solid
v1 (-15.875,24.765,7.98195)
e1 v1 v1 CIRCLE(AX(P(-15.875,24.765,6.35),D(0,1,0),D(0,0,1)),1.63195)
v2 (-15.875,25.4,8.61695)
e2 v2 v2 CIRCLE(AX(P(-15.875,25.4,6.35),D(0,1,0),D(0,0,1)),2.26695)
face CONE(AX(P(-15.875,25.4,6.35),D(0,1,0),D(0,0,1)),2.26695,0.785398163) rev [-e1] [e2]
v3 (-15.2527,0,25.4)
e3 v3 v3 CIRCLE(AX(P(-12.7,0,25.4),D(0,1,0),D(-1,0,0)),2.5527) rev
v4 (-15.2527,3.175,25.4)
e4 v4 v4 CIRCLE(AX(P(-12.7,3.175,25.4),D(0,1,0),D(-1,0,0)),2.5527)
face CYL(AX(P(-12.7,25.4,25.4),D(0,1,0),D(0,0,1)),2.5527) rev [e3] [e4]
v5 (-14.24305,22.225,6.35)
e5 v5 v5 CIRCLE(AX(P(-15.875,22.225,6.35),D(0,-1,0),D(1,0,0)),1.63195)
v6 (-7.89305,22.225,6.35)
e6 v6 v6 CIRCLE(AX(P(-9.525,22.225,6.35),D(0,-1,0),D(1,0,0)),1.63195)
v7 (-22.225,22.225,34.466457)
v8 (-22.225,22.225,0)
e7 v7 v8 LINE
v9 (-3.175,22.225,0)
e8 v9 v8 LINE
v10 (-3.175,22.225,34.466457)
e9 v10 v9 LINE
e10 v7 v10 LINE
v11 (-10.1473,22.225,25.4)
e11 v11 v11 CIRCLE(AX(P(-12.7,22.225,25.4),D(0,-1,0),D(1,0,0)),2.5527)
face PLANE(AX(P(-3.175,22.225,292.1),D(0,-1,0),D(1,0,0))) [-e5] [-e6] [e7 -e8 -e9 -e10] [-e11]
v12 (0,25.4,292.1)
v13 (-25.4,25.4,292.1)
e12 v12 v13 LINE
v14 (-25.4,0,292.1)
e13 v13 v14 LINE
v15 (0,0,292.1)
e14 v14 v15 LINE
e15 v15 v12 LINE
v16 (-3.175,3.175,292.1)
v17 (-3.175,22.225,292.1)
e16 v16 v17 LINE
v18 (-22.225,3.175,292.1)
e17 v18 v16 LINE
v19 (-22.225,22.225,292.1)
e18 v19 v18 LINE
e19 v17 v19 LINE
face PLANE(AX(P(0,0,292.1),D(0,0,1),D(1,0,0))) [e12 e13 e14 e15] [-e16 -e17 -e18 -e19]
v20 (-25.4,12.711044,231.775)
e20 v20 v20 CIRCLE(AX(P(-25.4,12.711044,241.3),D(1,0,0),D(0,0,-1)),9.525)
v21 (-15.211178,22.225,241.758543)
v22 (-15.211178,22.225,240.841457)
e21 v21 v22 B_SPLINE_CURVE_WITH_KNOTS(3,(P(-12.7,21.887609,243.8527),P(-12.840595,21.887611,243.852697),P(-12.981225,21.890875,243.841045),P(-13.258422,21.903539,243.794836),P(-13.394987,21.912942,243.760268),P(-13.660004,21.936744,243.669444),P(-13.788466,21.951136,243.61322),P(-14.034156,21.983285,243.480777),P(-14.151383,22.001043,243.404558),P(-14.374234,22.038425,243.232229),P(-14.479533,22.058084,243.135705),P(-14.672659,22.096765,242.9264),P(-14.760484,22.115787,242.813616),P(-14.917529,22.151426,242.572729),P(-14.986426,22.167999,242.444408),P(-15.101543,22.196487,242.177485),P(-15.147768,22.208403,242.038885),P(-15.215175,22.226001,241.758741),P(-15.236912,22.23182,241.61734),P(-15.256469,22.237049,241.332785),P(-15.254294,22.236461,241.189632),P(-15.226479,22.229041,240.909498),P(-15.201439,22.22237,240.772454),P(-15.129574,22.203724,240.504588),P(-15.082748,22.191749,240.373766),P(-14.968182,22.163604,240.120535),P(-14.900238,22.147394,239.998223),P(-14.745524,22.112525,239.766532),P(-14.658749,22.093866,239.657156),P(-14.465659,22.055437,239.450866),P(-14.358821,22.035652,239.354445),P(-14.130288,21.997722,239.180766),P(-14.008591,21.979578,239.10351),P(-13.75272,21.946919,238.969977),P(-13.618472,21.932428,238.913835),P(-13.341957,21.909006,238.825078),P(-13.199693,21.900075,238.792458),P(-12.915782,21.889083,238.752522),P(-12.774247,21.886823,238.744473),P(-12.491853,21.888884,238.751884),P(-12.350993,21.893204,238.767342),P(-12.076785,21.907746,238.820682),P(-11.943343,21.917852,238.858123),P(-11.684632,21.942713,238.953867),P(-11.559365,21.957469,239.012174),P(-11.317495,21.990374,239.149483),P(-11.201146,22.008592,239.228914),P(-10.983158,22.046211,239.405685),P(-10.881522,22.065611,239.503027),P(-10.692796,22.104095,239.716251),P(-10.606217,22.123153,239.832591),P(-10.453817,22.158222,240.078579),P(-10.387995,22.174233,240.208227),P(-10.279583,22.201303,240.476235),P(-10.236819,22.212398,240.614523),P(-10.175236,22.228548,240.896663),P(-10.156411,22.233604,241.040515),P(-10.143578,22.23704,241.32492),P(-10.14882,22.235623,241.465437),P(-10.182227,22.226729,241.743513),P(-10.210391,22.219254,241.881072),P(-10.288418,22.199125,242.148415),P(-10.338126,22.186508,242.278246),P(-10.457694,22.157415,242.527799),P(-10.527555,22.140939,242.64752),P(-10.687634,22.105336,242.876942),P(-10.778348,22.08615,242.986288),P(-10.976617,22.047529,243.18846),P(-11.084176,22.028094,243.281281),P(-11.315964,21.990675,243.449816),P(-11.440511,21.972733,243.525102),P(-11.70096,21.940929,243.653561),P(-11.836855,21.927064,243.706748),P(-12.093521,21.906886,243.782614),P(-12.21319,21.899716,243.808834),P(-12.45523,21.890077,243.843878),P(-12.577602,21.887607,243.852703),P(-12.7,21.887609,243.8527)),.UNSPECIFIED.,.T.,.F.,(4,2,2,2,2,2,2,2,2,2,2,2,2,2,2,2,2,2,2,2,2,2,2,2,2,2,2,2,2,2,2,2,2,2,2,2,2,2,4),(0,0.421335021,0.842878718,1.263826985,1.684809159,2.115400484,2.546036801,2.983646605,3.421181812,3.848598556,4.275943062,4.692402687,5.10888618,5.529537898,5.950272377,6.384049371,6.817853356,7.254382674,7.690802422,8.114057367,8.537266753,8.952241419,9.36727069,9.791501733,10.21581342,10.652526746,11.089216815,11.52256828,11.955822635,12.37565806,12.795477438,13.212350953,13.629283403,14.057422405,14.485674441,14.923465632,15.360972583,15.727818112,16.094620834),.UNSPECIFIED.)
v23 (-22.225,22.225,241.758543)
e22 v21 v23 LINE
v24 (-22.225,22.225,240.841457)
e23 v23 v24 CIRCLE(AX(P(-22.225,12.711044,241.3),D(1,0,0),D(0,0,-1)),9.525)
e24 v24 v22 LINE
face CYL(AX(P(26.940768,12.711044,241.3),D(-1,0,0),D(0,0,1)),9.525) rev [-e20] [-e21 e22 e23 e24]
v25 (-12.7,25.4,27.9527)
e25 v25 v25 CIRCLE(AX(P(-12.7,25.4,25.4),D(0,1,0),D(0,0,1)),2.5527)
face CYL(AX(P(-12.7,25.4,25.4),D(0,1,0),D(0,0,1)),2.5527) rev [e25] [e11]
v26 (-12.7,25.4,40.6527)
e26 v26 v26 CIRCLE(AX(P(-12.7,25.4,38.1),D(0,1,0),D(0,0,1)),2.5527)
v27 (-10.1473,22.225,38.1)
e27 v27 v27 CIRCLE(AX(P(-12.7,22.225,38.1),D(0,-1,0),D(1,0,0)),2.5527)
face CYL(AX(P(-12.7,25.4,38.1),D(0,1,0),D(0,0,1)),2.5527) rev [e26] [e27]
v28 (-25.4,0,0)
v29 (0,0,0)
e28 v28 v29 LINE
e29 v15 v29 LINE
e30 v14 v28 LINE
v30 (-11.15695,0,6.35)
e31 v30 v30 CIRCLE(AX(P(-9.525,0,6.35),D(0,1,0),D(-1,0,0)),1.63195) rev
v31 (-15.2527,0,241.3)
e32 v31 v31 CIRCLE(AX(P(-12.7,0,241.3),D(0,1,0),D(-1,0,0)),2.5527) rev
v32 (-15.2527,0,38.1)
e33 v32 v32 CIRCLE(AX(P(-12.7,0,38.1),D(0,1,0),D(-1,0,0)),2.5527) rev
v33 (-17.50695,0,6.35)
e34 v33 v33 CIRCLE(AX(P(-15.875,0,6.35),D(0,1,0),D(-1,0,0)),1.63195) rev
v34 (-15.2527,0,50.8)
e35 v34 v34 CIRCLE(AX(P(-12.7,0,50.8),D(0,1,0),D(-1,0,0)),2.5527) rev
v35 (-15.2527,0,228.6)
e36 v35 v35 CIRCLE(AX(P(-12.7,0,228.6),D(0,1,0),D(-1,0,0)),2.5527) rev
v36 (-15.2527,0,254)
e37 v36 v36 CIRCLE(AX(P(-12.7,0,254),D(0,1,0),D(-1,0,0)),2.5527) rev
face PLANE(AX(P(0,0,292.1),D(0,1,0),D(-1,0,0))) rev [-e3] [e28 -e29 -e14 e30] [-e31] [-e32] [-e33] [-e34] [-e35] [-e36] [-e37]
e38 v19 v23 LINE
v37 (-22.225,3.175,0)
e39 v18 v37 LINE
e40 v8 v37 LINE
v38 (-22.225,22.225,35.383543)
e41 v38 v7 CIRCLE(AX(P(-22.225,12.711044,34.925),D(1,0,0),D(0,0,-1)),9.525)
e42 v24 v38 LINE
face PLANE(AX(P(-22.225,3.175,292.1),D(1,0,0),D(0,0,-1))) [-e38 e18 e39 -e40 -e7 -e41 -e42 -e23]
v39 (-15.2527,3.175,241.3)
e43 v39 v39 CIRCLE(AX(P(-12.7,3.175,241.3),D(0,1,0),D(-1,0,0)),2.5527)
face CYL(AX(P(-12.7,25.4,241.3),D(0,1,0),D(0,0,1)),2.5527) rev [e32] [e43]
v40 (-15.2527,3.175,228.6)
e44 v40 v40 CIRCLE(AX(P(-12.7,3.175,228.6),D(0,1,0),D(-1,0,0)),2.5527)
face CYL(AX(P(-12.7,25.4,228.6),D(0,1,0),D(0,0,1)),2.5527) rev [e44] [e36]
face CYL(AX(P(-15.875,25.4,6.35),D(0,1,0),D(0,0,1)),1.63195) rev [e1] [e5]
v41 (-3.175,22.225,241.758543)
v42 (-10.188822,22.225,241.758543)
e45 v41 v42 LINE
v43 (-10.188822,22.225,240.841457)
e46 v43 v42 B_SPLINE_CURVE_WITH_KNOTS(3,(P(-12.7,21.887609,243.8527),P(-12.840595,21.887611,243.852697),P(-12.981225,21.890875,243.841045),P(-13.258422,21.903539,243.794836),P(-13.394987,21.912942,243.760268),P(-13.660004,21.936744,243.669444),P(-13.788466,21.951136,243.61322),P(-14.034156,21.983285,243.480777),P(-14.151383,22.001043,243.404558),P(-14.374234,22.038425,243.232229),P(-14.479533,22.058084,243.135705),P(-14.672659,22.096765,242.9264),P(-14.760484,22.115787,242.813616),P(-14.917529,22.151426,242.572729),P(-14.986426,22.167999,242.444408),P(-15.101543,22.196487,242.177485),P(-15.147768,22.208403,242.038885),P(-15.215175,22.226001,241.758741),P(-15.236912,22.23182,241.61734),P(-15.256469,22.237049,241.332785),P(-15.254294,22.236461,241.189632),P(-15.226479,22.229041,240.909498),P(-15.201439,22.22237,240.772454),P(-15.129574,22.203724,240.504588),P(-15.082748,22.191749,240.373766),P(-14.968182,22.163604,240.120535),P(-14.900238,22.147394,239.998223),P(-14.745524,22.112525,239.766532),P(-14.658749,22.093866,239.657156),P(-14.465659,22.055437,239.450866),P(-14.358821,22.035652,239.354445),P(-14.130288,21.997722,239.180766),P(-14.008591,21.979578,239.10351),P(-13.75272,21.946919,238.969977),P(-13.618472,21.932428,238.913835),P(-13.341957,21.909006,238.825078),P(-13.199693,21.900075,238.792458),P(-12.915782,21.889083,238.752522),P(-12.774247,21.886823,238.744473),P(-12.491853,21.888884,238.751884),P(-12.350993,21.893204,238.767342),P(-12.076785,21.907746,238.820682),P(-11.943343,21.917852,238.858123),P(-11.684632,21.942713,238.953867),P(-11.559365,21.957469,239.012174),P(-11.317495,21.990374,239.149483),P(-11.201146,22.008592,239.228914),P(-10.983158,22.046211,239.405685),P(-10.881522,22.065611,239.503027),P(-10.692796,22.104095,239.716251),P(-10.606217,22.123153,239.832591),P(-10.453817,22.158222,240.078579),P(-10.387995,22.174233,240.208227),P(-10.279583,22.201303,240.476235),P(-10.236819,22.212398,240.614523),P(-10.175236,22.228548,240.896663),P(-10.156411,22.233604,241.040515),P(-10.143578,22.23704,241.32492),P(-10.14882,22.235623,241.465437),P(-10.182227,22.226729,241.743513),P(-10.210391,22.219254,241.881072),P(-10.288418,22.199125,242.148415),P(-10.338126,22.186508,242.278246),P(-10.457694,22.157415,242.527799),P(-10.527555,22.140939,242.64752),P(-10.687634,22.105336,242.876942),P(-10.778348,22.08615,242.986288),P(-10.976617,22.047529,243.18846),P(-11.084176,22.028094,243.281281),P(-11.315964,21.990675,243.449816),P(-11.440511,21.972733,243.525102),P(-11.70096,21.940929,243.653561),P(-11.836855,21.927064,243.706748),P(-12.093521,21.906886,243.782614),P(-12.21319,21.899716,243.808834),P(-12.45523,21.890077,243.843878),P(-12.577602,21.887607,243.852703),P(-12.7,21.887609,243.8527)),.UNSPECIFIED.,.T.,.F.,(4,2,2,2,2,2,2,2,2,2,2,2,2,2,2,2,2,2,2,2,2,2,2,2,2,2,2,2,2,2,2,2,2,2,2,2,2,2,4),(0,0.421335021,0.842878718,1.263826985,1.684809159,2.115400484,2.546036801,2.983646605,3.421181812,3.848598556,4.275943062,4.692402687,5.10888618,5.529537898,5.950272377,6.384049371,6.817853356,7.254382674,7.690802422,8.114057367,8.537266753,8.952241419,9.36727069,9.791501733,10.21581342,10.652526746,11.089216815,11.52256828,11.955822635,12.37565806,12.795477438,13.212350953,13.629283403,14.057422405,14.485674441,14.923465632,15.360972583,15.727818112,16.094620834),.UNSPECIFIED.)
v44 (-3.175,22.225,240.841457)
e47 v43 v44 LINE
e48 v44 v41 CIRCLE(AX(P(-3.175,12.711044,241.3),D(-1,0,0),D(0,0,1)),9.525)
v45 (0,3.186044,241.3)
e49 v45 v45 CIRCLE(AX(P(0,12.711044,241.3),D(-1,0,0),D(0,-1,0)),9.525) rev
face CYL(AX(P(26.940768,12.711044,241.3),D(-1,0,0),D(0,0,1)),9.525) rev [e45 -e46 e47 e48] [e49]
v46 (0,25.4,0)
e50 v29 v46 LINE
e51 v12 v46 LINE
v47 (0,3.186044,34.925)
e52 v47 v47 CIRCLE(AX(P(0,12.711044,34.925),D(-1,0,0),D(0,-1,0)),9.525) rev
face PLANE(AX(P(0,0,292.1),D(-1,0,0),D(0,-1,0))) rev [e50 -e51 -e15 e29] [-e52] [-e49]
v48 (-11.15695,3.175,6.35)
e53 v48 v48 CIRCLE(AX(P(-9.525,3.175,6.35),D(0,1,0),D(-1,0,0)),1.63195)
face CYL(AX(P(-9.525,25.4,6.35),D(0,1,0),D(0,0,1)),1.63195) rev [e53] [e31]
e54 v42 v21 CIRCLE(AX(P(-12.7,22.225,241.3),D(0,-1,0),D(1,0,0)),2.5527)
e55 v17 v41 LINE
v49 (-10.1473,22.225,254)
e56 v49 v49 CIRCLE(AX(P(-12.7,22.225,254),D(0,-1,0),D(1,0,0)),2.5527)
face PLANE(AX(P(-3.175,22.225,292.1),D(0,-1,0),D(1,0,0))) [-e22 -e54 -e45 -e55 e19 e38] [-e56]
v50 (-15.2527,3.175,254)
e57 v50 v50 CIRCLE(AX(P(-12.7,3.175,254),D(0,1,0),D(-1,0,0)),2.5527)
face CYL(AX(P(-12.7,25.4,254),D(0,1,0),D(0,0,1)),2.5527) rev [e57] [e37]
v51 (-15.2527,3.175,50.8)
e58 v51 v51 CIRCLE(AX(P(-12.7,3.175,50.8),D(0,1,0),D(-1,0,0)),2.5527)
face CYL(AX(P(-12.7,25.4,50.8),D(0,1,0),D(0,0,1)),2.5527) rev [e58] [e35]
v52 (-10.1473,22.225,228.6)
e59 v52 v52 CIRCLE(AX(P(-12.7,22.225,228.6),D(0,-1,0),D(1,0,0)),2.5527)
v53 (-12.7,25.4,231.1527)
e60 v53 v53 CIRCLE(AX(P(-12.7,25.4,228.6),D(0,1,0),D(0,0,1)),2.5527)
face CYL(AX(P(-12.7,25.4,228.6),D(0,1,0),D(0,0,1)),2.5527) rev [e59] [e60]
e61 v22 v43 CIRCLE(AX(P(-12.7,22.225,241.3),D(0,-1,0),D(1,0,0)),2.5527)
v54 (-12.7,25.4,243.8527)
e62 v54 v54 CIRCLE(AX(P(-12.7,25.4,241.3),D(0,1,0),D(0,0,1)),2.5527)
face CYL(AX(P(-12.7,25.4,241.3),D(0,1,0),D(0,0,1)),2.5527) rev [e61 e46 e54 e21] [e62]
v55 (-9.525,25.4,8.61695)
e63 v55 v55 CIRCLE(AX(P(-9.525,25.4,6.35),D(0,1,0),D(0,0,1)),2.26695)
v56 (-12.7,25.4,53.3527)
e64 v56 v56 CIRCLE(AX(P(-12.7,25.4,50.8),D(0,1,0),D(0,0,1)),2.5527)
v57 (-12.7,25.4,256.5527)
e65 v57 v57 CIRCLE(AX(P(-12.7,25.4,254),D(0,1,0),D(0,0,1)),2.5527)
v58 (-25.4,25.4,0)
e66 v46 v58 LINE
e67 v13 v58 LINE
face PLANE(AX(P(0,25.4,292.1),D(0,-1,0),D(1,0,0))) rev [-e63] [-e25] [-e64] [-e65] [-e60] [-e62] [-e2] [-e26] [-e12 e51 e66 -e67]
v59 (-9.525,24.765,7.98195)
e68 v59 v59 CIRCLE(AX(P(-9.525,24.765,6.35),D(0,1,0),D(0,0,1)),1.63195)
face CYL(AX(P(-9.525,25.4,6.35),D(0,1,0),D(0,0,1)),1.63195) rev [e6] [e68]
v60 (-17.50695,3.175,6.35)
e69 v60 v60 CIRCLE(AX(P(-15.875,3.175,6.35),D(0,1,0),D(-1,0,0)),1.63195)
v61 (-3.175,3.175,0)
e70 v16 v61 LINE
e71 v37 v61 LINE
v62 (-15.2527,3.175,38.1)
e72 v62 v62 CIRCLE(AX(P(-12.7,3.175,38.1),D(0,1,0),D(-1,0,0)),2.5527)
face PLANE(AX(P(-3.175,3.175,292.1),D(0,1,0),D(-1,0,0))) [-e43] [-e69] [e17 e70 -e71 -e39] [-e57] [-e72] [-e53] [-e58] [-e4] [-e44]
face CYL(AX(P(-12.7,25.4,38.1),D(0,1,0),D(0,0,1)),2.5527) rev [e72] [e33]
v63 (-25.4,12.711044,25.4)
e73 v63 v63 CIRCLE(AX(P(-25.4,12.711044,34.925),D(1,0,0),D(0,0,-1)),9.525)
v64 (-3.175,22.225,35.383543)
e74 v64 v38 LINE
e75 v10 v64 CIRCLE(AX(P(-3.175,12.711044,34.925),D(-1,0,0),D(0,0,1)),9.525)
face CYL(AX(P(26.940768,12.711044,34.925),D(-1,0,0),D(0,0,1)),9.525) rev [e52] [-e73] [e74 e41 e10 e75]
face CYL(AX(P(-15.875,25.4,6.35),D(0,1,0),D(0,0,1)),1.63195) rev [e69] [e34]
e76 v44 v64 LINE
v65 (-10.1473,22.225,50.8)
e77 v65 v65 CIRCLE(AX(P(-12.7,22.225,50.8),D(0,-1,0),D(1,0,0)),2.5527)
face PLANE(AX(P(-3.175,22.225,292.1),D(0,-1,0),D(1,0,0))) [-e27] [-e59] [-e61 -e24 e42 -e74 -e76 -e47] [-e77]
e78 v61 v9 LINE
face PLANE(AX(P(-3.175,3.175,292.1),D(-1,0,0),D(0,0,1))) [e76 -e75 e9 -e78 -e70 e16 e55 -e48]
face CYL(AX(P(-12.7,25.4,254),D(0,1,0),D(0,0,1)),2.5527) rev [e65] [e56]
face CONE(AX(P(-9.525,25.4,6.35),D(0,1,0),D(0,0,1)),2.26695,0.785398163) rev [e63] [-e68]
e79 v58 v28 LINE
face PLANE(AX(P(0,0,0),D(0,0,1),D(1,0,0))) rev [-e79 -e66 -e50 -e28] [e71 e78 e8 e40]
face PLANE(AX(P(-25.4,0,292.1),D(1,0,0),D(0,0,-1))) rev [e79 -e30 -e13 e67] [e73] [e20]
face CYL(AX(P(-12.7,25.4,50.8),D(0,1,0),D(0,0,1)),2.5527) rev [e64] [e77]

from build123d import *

# Parameters (mm, degrees)
SKETCH1_W                       = 25.4
SKETCH1_H                       = 25.4
SKETCH1_W_2                     = 19.05
SKETCH1_H_2                     = 19.05
BOSS_EXTRUDE1_DEPTH             = 292.1
F_10_CLEARANCE_HOLE1_D          = 5.1054
CUT_EXTRUDE1_REACH              = 296.3
SKETCH6_R                       = 9.525
CUT_EXTRUDE1_DIRECTION_2_DEPTH  = 295.300407747
F_4_CLEARANCE_HOLE1_D           = 3.2639
F_4_CLEARANCE_HOLE1_CSINK_D     = 4.5339
F_4_CLEARANCE_HOLE1_CSINK_ANGLE = 90
F_10_CLEARANCE_HOLE2_D          = 5.1054


with BuildPart() as part:
    # Sketch1 → Boss-Extrude1 (new body)
    with BuildSketch(Plane.XY):
        with Locations((-12.7, 12.7)):
            Rectangle(SKETCH1_W, SKETCH1_H)
        with Locations((-12.7, 12.7)):
            Rectangle(SKETCH1_W_2, SKETCH1_H_2, mode=Mode.SUBTRACT)
    extrude(amount=BOSS_EXTRUDE1_DEPTH)

    # #10 Clearance Hole1 (through all)
    with Locations(Plane(origin=(0, 25.4, 0), x_dir=(1, 0, 0), z_dir=(0, 1, 0))):
        with Locations((-12.7, -254), (-12.7, -241.3), (-12.7, -228.6)):
            Hole(F_10_CLEARANCE_HOLE1_D / 2)

    # Cut-Extrude1: up to this face of the body (flat: up to its plane)
    cut_extrude1_end = Plane(part.part.faces().sort_by_distance((0, 12.7, 146.05))[0])
    # Sketch6 → Cut-Extrude1 (cut, up to the picked face)
    with BuildSketch(Plane.ZY.offset(25.4), mode=Mode.PRIVATE) as cut_extrude1_sk1:
        with Locations(Location((241.3, 12.711043767, 0), (0, 0, 87.24065676))):
            Circle(SKETCH6_R)
    cut_extrude1_tool1 = split(extrude(cut_extrude1_sk1.sketch, amount=-CUT_EXTRUDE1_REACH, mode=Mode.PRIVATE), bisect_by=cut_extrude1_end, keep=Keep.BOTH, mode=Mode.PRIVATE)
    # Sketch6 → Cut-Extrude1 (cut, up to the picked face)
    with BuildSketch(Plane.ZY.offset(25.4), mode=Mode.PRIVATE) as cut_extrude1_sk2:
        with Locations(Location((34.925, 12.711043767, 0), (0, 0, 270))):
            Circle(SKETCH6_R)
    cut_extrude1_tool2 = split(extrude(cut_extrude1_sk2.sketch, amount=-CUT_EXTRUDE1_REACH, mode=Mode.PRIVATE), bisect_by=cut_extrude1_end, keep=Keep.BOTH, mode=Mode.PRIVATE)
    add(cut_extrude1_tool1.solids().sort_by(Axis((-25.4, 12.711044, 241.3), (1, 0, 0)))[0], mode=Mode.SUBTRACT)
    add(cut_extrude1_tool2.solids().sort_by(Axis((-25.4, 12.711044, 34.925), (1, 0, 0)))[0], mode=Mode.SUBTRACT)

    # Sketch6 → Cut-Extrude1 direction 2 (cut)
    with BuildSketch(Plane.ZY.offset(25.4)):
        with Locations(Location((241.3, 12.711043767, 0), (0, 0, 87.24065676))):
            Circle(SKETCH6_R)
        with Locations(Location((34.925, 12.711043767, 0), (0, 0, 270))):
            Circle(SKETCH6_R)
    extrude(amount=CUT_EXTRUDE1_DIRECTION_2_DEPTH, mode=Mode.SUBTRACT)

    # #4 Clearance Hole1 (through all)
    with Locations(Plane(origin=(0, 25.4, 0), x_dir=(1, 0, 0), z_dir=(0, 1, 0))):
        with Locations((-9.525, -6.35), (-15.875, -6.35)):
            CounterSinkHole(F_4_CLEARANCE_HOLE1_D / 2, F_4_CLEARANCE_HOLE1_CSINK_D / 2, counter_sink_angle=F_4_CLEARANCE_HOLE1_CSINK_ANGLE)

    # #10 Clearance Hole2 (through all)
    with Locations(Plane(origin=(0, 25.4, 0), x_dir=(1, 0, 0), z_dir=(0, 1, 0))):
        with Locations((-12.7, -50.8), (-12.7, -38.1), (-12.7, -25.4)):
            Hole(F_10_CLEARANCE_HOLE2_D / 2)


solid = part.part
